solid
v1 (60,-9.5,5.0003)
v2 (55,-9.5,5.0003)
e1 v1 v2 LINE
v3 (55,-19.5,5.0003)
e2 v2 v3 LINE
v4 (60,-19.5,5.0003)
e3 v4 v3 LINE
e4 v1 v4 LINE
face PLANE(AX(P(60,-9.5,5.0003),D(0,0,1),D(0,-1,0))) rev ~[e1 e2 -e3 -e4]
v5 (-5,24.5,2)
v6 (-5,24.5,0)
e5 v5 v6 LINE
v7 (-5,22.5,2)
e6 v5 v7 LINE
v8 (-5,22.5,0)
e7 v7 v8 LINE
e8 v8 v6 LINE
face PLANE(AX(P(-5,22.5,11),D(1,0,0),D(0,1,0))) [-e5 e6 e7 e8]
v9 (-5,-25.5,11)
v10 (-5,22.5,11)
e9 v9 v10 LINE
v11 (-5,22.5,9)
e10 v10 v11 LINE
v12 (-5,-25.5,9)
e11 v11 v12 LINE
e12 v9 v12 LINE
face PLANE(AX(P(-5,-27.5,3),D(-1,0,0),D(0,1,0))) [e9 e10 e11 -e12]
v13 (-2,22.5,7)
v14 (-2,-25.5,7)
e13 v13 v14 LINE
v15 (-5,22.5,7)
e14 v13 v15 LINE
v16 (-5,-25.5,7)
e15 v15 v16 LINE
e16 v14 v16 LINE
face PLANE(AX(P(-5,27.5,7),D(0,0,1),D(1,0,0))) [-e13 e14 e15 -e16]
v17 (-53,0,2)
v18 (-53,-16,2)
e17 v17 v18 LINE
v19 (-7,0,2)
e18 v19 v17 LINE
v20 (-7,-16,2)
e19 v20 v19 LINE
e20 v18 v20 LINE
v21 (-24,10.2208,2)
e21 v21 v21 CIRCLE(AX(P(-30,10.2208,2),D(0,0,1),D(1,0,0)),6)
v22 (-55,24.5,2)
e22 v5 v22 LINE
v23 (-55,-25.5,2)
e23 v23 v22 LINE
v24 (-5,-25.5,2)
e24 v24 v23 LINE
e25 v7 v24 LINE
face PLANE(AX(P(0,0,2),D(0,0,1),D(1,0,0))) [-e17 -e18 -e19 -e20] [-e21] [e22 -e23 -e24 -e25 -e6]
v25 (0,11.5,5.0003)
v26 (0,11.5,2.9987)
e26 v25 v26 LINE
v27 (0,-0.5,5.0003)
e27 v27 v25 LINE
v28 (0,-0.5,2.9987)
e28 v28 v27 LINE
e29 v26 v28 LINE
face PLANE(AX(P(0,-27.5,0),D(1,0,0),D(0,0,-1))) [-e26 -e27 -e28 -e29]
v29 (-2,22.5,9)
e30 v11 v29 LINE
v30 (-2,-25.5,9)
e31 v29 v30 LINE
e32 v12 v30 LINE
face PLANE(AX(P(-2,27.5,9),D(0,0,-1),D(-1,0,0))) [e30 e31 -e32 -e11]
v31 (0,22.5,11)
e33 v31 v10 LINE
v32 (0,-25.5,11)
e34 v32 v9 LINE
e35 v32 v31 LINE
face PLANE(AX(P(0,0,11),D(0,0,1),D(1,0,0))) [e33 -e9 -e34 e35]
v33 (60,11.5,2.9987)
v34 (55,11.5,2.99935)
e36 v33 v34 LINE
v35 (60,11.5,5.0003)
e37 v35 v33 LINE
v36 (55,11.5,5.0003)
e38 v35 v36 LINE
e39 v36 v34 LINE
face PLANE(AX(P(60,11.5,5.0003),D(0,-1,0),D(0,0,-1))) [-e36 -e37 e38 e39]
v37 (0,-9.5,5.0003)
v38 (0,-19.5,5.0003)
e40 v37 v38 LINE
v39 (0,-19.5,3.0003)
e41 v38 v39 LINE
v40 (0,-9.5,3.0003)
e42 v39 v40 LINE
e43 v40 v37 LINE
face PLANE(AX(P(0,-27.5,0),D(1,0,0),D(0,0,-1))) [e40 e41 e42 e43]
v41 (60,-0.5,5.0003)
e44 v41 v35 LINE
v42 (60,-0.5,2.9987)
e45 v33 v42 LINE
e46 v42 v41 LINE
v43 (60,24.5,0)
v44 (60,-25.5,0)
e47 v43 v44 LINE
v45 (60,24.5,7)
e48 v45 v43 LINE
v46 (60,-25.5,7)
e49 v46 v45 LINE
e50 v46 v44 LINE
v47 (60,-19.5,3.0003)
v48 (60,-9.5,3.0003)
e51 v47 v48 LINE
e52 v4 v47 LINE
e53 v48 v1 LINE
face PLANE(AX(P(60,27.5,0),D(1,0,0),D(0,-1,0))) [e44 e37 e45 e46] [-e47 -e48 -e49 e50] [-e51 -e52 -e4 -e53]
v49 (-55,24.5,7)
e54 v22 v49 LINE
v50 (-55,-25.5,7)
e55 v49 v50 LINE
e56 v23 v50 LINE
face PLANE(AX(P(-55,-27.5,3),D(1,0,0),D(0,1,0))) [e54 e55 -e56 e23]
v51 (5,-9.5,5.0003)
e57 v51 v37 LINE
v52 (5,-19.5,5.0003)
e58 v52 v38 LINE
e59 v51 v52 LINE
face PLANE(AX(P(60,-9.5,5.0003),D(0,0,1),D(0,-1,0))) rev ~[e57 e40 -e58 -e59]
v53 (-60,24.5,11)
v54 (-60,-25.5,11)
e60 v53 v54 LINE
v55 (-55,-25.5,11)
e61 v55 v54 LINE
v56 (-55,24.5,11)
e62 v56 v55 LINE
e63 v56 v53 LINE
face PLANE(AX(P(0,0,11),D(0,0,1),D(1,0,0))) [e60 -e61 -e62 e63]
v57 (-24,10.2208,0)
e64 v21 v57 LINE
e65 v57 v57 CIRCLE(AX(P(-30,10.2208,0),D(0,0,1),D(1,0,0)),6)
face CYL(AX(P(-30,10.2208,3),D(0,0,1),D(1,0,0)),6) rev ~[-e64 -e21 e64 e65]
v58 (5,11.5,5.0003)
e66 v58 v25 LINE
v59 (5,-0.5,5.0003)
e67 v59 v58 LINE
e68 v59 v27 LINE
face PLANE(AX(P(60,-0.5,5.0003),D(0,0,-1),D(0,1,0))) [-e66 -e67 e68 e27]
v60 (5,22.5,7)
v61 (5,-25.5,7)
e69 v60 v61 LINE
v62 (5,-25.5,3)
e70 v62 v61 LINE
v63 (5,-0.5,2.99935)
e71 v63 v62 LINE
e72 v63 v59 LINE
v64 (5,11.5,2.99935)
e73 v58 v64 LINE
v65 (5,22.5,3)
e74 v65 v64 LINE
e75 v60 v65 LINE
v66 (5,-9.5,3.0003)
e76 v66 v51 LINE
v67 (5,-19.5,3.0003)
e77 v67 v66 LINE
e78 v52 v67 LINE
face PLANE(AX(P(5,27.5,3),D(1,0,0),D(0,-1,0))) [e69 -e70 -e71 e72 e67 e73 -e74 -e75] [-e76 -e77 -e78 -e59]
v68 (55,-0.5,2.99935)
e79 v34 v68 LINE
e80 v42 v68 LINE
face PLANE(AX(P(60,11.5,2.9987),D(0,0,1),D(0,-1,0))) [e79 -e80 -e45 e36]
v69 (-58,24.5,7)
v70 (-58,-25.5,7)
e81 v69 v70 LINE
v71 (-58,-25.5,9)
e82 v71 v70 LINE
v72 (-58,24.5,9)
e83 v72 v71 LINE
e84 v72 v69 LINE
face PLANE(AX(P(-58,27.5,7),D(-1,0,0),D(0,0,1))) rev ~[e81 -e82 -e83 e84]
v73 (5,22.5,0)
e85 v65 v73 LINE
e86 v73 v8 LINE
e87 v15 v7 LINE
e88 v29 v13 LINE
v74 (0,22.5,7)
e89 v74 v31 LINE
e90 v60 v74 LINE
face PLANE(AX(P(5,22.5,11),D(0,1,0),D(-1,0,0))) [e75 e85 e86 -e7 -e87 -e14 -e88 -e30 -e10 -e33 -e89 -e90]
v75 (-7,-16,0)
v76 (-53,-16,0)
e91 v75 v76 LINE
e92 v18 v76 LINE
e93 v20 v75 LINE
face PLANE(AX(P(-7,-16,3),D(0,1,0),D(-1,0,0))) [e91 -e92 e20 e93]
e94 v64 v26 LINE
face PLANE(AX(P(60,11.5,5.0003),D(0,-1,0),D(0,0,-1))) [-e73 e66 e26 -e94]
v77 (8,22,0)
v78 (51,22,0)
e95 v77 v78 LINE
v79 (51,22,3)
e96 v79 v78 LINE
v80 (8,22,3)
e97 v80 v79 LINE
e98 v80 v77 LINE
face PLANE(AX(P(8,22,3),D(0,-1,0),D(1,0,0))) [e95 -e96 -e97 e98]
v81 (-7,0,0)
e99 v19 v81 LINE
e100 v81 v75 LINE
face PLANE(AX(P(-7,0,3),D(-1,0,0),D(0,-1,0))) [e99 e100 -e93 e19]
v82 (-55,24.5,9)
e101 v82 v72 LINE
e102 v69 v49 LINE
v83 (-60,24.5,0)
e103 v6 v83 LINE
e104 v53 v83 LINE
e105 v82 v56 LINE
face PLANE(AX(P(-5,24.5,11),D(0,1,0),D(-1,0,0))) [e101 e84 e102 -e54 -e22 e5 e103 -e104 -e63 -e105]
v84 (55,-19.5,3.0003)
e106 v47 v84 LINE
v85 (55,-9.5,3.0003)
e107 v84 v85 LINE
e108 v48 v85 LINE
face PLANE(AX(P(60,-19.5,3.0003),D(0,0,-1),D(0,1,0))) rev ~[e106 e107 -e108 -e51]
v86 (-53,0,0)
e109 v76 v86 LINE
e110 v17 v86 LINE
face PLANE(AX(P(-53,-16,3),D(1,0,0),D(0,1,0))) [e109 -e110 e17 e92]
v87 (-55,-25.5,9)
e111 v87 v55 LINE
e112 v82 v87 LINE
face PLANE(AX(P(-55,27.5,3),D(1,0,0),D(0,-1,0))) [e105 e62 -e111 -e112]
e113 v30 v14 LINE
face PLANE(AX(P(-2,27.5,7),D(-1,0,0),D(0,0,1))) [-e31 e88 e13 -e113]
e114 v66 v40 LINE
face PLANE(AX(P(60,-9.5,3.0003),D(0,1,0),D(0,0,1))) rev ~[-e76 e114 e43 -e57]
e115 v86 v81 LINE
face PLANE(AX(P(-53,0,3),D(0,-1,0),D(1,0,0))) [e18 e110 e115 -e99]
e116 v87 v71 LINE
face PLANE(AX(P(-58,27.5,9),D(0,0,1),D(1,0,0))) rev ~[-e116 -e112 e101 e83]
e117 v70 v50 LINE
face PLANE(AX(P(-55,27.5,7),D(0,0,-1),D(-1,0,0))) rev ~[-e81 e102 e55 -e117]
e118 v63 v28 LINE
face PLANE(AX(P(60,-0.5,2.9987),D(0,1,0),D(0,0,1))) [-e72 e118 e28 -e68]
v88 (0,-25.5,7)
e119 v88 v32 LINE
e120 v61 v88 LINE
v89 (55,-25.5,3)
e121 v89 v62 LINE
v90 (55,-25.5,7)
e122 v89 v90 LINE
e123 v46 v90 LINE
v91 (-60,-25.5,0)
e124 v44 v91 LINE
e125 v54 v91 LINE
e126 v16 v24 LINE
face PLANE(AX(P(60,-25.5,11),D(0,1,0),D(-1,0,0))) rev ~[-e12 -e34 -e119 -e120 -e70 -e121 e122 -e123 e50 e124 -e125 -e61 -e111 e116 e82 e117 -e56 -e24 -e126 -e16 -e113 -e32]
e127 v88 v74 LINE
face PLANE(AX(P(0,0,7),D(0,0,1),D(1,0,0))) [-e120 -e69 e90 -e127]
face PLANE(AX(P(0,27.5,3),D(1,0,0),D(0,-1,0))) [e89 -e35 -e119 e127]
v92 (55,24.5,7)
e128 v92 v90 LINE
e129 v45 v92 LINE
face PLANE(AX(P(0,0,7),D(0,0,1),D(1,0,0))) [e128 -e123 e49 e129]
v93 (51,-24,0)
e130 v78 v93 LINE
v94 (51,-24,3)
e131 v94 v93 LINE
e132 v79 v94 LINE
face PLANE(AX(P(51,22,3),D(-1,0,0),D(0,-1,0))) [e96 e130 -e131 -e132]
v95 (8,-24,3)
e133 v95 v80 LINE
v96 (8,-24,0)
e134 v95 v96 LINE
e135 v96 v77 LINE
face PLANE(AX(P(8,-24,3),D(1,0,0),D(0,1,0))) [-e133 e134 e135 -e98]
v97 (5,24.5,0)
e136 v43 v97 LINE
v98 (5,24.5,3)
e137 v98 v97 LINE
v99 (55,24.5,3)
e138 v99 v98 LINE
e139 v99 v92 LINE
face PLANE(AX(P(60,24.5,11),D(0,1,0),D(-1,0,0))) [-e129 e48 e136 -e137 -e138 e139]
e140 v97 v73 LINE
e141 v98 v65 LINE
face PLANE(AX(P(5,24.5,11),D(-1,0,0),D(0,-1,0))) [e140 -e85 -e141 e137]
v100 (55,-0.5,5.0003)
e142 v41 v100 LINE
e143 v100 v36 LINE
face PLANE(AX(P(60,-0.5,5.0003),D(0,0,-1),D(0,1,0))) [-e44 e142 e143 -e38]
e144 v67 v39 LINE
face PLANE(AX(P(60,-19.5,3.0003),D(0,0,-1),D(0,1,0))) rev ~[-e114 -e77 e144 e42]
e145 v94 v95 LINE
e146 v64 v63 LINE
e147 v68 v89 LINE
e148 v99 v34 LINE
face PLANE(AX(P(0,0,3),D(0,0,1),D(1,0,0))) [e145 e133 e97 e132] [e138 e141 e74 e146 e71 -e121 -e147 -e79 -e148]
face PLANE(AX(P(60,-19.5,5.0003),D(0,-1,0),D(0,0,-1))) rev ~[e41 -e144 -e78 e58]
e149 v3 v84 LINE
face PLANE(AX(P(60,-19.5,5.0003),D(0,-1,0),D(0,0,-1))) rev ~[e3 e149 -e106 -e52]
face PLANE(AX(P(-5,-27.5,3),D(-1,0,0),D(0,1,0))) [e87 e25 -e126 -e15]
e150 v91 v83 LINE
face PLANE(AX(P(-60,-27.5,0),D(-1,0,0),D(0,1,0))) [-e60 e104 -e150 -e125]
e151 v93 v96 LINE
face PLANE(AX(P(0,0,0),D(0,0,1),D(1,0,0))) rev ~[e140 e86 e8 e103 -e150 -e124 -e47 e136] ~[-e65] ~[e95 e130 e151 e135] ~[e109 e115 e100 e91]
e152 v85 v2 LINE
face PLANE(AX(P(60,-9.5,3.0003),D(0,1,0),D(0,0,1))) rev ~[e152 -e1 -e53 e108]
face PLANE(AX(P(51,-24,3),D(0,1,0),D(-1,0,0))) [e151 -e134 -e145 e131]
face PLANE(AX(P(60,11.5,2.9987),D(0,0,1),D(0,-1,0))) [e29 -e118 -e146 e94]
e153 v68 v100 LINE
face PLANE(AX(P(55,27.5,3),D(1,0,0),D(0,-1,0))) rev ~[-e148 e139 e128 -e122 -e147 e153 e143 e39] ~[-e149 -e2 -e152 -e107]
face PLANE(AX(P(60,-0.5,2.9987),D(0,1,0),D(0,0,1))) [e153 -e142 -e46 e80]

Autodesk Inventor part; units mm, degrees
ref_plane "YZ Plane" through (0, 0, 0) normal (1, 0, 0) x (0, 1, 0)
ref_plane "XZ Plane" through (0, 0, 0) normal (0, 1, 0) x (-1, 0, 0)
ref_plane "XY Plane" through (0, 0, 0) normal (0, 0, 1) x (1, 0, 0)
sketch "Sketch1" plane through (0, 0, 0) normal (0, 0, 1) x (1, 0, 0)
  line L0 (-60, 27.5) -> (-4, 27.5) projected
  line L1 (-60, -27.5) -> (-60, 27.5) projected
  line L2 (60, 27.5) -> (60, -27.5) projected
  line L3 (60, -27.5) -> (-60, -27.5) projected
  line L4 (10, -17) -> (50, -17) projected
  line L5 (-10, -13) -> (-10, -3) projected
  line L6 (-10, -3) -> (-20, -3) projected
  line L7 (-20, -3) -> (-20, -13) projected
  line L8 (-20, -13) -> (-10, -13) projected
  line L9 (60, -27.5) -> (-60, -27.5) projected
  line L10 (60, 27.5) -> (60, -27.5) projected
  line L11 (4, 27.5) -> (60, 27.5) projected
  arc A0 (-4, 27.5) -> (4, 27.5) centre (0, 27.5) ccw projected
  line L12 (-60, 27.5) -> (-4, 27.5) projected
  line L13 (-60, -27.5) -> (-60, 27.5) projected
  circle A1 centre (-30, 10.2208) radius 3 projected
  line L14 (50, 17) -> (10, 17) projected
  line L15 (50, -17) -> (50, 17) projected
  line L16 (10, -17) -> (50, -17) projected
  line L17 (10, 17) -> (10, -17) projected
  line L18 (-40, -3) -> (-50, -3) projected
  line L19 (-40, -13) -> (-40, -3) projected
  line L20 (-50, -13) -> (-40, -13) projected
  line L21 (-50, -3) -> (-50, -13) projected
  line L22 (-25, -3) -> (-35, -3) projected
  line L23 (-25, -13) -> (-25, -3) projected
  line L24 (-35, -13) -> (-25, -13) projected
  line L25 (-35, -3) -> (-35, -13) projected
  line L26 (-10, -3) -> (-20, -3) projected
  line L27 (-10, -13) -> (-10, -3) projected
  line L28 (-20, -13) -> (-10, -13) projected
  line L29 (-20, -3) -> (-20, -13) projected
  line L30 (-35, -13) -> (-25, -13) projected
  line L31 (-35, -3) -> (-35, -13) projected
  circle A2 centre (-30, 10.2208) radius 3 projected
  line L32 (-60, 27.5) -> (60, 27.5)
  line L33 (60, 27.5) -> (60, -27.5)
  line L34 (60, -27.5) -> (-60, -27.5)
  line L35 (-60, -27.5) -> (-60, 27.5)
  line L36 (10, 17) -> (50, 17)
  line L37 (50, 17) -> (50, -17)
  line L38 (50, -17) -> (10, -17)
  line L39 (10, -17) -> (10, 17)
  line L40 (-50, -3) -> (-40, -3)
  line L41 (-40, -3) -> (-40, -13)
  line L42 (-40, -13) -> (-50, -13)
  line L43 (-50, -13) -> (-50, -3)
  line L44 (-35, -3) -> (-25, -3)
  line L45 (-25, -3) -> (-25, -13)
  line L46 (-25, -13) -> (-35, -13)
  line L47 (-35, -13) -> (-35, -3)
  line L48 (-20, -3) -> (-10, -3)
  line L49 (-10, -3) -> (-10, -13)
  line L50 (-10, -13) -> (-20, -13)
  line L51 (-20, -13) -> (-20, -3)
  circle A3 centre (-30, 10.2208) radius 3
  arc A4 (-4, 27.5) -> (4, 27.5) centre (0, 27.5) ccw
  point P0 (0, 0)
  dimension "d0" = 6
extrude "Extrusion1" add sketch "Sketch1" along normal blind 3 contours L0 A0 L11 L2 L3 L1
sketch "Sketch2" plane through (0, 0, 3) normal (0, 0, 1) x (1, 0, 0)
  line L0 (10, 17) -> (50, 17) projected
  line L1 (8, 22) -> (51, 22)
  line L2 (51, 22) -> (51, -24)
  line L3 (51, -24) -> (8, -24)
  line L4 (8, -24) -> (8, 22)
  line L5 (10, -17) -> (10, 17) projected
  line L6 (50, -17) -> (10, -17) projected
  line L7 (50, 17) -> (50, -17) projected
  circle A0 centre (-30, 10.2208) radius 3 projected
  circle A1 centre (-30, 10.2208) radius 6
  line L8 (-53, 0) -> (-7, 0)
  line L9 (-7, 0) -> (-7, -16)
  line L10 (-7, -16) -> (-53, -16)
  line L11 (-53, -16) -> (-53, 0)
  line L12 (-50, -13) -> (-50, -3) projected
  line L13 (-40, -13) -> (-50, -13) projected
  line L14 (-25, -13) -> (-35, -13) projected
  line L15 (-10, -3) -> (-10, -13) projected
  line L16 (-10, -13) -> (-20, -13) projected
  line L17 (-35, -3) -> (-25, -3) projected
  point P0 (0, 0)
  dimension "d4" = 5
  dimension "d5" = 2
  dimension "d6" = 7
  dimension "d7" = 1
  dimension "d10" = 12
  dimension "d11" = 3
  dimension "d12" = 3
  dimension "d13" = 3
  dimension "d14" = 3
extrude "Extrusion2" cut sketch "Sketch2" against normal blind 3
sketch "Sketch6" plane through (0, 0, 3) normal (0, 0, 1) x (1, 0, 0)
  line L0 (-60, 27.5) -> (-60, -27.5) projected
  line L1 (-60, -27.5) -> (60, -27.5) projected
  line L2 (-60, 27.5) -> (-55, 27.5)
  line L3 (-55, 27.5) -> (-55, -27.5)
  line L4 (-55, -27.5) -> (-60, -27.5)
  line L5 (-60, -27.5) -> (-60, 27.5)
  line L6 (-4, 27.5) -> (-60, 27.5) projected
  line L7 (0, -27.5) -> (-5, -27.5)
  line L8 (-5, -27.5) -> (-5, 27.5)
  line L9 (-5, 27.5) -> (0, 27.5)
  line L10 (0, 27.5) -> (0, -27.5)
  arc A0 (-4, 27.5) -> (4, 27.5) centre (0, 27.5) ccw projected
  point P0 (0, 0)
  point P1 (0, -27.5)
  point P2 (-5, -27.5)
  point P3 (0, 23.5)
  dimension "d23" = 5
  dimension "d24" = 5
extrude "Extrusion5" add sketch "Sketch6" along normal blind 8 contours L2 L3 L1 L0 | L6 A0 L10 L1 L8 | L9 L10 A0
sketch "Sketch7" plane through (-60, 27.5, 0) normal (0, 1, 0) x (1, 0, 0)
  line L0 (5, -3) -> (5, -11) construction
  line L1 (5, -3) -> (5, -7) construction
  line L2 (5, -7) -> (2, -7)
  line L3 (2, -7) -> (2, -9)
  line L4 (2, -9) -> (5, -9)
  line L5 (55, -3) -> (5, -3) projected
  line L6 (30, -3) -> (30, -9) construction
  line L7 (55, -3) -> (55, -11) construction
  line L8 (55, -3) -> (55, -7) construction
  line L9 (55, -7) -> (58, -7)
  line L10 (58, -7) -> (58, -9)
  line L11 (58, -9) -> (55, -9)
  line L12 (5, -7) -> (5, -9)
  line L13 (55, -7) -> (55, -9)
  point P0 (60, 0)
  dimension "d27" = 4
  dimension "d28" = 3
  dimension "d29" = 2
extrude "Extrusion6" cut sketch "Sketch7" against normal through all
sketch "Sketch10" plane through (0, 0, 3) normal (0, 0, 1) x (1, 0, 0)
  line L0 (-55, -27.5) -> (-55, 27.5) projected
  line L1 (-5, 27.5) -> (-5, -27.5) projected
  line L2 (-55, 27.5) -> (-5, 27.5)
  line L3 (-5, 27.5) -> (-5, -27.5)
  line L4 (-5, -27.5) -> (-55, -27.5)
  line L5 (-55, -27.5) -> (-55, 27.5)
  point P0 (0, 0)
extrude "Extrusion9" cut sketch "Sketch10" against normal blind 1
sketch "Sketch11" plane through (0, 0, 3) normal (0, 0, 1) x (1, 0, 0)
  line L0 (0, -27.5) -> (0, 27.5) projected
  line L1 (-60, -27.5) -> (60, -27.5) projected
  line L2 (0, 27.5) -> (5, 27.5)
  line L3 (5, 27.5) -> (5, -27.5)
  line L4 (5, -27.5) -> (0, -27.5)
  line L5 (0, -27.5) -> (0, 27.5)
  line L6 (60, -27.5) -> (60, 27.5) projected
  line L7 (60, 27.5) -> (55, 27.5)
  line L8 (55, 27.5) -> (55, -27.5)
  line L9 (55, -27.5) -> (60, -27.5)
  line L10 (60, -27.5) -> (60, 27.5)
  point P0 (0, 0)
  dimension "d43" = 5
  dimension "d44" = 5
extrude "Extrusion10" add sketch "Sketch11" along normal blind 4
sketch "Sketch14" plane through (60, -27.5, 0) normal (1, 0, 0) x (0, 0, -1)
  point P0 (0, 27.5)
sketch "Sketch15" plane through (60, -27.5, 0) normal (1, 0, 0) x (0, 0, -1)
  line L0 (-2, 55) -> (-2, 0) projected
  line L1 (-7, 0) -> (-2, 0) projected
  line L2 (-3.0003, 0.0005) -> (-3.0003, 18)
  line L3 (-2, 0) -> (-2, 55) projected
  line L4 (-3.0003, 18) -> (-5.0003, 18)
  line L5 (-5.0003, 18) -> (-5.0003, 8)
  line L6 (-5.0003, 8) -> (-3.0003, 8)
  line L7 (-2.9987, 54.9727) -> (-2.9987, 27)
  line L8 (-2.9987, 27) -> (-5.0003, 27)
  line L9 (-5.0003, 27) -> (-5.0003, 39)
  line L10 (-5.0003, 39) -> (-2.9987, 39)
  line L11 (-3, 0) -> (-3, 55) projected
  line L12 (0, 55) -> (-7, 55) projected
  point P0 (0, 27.5)
  point P1 (-2, 39)
  point P2 (-2, 8)
  point P3 (-2, 18)
  dimension "d65" = 2
  dimension "d66" = 10
  dimension "d68" = 12
  dimension "d71" = 28
  dimension "d72" = 18
extrude "Extrusion13" cut sketch "Sketch15" against normal up to surface (60 mm away) contours L6 L5 L4 L2 | L7 L8 L9 L10
sketch "Sketch16" plane through (0, 0, 11) normal (0, 0, 1) x (1, 0, 0)
  line L0 (-60, 27.5) -> (-60, -27.5) projected
  line L1 (60, -27.5) -> (60, 27.5) projected
  line L2 (-60, 27.5) -> (60, 27.5)
  line L3 (60, 27.5) -> (60, 24.5)
  line L4 (60, 24.5) -> (-60, 24.5)
  line L5 (-60, 24.5) -> (-60, 27.5)
  line L6 (-60, -27.5) -> (60, -27.5) projected
  line L7 (-60, -27.5) -> (60, -27.5)
  line L8 (60, -27.5) -> (60, -25.5)
  line L9 (60, -25.5) -> (-60, -25.5)
  line L10 (-60, -25.5) -> (-60, -27.5)
  line L11 (-55, 27.5) -> (-5, 27.5) projected
  line L12 (5, 27.5) -> (5, 11.5) projected
  line L13 (-5, 27.5) -> (5, 27.5)
  line L14 (5, 27.5) -> (5, 24.5)
  line L15 (5, 24.5) -> (-5, 24.5)
  line L16 (-5, 24.5) -> (-5, 27.5)
  line L17 (-5, 24.5) -> (5, 24.5)
  line L18 (5, 24.5) -> (5, 22.5)
  line L19 (5, 22.5) -> (-5, 22.5)
  line L20 (-5, 22.5) -> (-5, 24.5)
  point P0 (0, 0)
  point P1 (-60, -25.5)
  dimension "d74" = 3
  dimension "d77" = 2
  dimension "d78" = 2
extrude "Extrusion14" cut sketch "Sketch16" against normal through all contours L2 L16 L4 L0 | L9 L1 L6 L0 | L16 L2 L12 L4 | L4 L12 L19 L20 | L12 L2 L1 L4
properties part number "circuit clip_3DPrint"
